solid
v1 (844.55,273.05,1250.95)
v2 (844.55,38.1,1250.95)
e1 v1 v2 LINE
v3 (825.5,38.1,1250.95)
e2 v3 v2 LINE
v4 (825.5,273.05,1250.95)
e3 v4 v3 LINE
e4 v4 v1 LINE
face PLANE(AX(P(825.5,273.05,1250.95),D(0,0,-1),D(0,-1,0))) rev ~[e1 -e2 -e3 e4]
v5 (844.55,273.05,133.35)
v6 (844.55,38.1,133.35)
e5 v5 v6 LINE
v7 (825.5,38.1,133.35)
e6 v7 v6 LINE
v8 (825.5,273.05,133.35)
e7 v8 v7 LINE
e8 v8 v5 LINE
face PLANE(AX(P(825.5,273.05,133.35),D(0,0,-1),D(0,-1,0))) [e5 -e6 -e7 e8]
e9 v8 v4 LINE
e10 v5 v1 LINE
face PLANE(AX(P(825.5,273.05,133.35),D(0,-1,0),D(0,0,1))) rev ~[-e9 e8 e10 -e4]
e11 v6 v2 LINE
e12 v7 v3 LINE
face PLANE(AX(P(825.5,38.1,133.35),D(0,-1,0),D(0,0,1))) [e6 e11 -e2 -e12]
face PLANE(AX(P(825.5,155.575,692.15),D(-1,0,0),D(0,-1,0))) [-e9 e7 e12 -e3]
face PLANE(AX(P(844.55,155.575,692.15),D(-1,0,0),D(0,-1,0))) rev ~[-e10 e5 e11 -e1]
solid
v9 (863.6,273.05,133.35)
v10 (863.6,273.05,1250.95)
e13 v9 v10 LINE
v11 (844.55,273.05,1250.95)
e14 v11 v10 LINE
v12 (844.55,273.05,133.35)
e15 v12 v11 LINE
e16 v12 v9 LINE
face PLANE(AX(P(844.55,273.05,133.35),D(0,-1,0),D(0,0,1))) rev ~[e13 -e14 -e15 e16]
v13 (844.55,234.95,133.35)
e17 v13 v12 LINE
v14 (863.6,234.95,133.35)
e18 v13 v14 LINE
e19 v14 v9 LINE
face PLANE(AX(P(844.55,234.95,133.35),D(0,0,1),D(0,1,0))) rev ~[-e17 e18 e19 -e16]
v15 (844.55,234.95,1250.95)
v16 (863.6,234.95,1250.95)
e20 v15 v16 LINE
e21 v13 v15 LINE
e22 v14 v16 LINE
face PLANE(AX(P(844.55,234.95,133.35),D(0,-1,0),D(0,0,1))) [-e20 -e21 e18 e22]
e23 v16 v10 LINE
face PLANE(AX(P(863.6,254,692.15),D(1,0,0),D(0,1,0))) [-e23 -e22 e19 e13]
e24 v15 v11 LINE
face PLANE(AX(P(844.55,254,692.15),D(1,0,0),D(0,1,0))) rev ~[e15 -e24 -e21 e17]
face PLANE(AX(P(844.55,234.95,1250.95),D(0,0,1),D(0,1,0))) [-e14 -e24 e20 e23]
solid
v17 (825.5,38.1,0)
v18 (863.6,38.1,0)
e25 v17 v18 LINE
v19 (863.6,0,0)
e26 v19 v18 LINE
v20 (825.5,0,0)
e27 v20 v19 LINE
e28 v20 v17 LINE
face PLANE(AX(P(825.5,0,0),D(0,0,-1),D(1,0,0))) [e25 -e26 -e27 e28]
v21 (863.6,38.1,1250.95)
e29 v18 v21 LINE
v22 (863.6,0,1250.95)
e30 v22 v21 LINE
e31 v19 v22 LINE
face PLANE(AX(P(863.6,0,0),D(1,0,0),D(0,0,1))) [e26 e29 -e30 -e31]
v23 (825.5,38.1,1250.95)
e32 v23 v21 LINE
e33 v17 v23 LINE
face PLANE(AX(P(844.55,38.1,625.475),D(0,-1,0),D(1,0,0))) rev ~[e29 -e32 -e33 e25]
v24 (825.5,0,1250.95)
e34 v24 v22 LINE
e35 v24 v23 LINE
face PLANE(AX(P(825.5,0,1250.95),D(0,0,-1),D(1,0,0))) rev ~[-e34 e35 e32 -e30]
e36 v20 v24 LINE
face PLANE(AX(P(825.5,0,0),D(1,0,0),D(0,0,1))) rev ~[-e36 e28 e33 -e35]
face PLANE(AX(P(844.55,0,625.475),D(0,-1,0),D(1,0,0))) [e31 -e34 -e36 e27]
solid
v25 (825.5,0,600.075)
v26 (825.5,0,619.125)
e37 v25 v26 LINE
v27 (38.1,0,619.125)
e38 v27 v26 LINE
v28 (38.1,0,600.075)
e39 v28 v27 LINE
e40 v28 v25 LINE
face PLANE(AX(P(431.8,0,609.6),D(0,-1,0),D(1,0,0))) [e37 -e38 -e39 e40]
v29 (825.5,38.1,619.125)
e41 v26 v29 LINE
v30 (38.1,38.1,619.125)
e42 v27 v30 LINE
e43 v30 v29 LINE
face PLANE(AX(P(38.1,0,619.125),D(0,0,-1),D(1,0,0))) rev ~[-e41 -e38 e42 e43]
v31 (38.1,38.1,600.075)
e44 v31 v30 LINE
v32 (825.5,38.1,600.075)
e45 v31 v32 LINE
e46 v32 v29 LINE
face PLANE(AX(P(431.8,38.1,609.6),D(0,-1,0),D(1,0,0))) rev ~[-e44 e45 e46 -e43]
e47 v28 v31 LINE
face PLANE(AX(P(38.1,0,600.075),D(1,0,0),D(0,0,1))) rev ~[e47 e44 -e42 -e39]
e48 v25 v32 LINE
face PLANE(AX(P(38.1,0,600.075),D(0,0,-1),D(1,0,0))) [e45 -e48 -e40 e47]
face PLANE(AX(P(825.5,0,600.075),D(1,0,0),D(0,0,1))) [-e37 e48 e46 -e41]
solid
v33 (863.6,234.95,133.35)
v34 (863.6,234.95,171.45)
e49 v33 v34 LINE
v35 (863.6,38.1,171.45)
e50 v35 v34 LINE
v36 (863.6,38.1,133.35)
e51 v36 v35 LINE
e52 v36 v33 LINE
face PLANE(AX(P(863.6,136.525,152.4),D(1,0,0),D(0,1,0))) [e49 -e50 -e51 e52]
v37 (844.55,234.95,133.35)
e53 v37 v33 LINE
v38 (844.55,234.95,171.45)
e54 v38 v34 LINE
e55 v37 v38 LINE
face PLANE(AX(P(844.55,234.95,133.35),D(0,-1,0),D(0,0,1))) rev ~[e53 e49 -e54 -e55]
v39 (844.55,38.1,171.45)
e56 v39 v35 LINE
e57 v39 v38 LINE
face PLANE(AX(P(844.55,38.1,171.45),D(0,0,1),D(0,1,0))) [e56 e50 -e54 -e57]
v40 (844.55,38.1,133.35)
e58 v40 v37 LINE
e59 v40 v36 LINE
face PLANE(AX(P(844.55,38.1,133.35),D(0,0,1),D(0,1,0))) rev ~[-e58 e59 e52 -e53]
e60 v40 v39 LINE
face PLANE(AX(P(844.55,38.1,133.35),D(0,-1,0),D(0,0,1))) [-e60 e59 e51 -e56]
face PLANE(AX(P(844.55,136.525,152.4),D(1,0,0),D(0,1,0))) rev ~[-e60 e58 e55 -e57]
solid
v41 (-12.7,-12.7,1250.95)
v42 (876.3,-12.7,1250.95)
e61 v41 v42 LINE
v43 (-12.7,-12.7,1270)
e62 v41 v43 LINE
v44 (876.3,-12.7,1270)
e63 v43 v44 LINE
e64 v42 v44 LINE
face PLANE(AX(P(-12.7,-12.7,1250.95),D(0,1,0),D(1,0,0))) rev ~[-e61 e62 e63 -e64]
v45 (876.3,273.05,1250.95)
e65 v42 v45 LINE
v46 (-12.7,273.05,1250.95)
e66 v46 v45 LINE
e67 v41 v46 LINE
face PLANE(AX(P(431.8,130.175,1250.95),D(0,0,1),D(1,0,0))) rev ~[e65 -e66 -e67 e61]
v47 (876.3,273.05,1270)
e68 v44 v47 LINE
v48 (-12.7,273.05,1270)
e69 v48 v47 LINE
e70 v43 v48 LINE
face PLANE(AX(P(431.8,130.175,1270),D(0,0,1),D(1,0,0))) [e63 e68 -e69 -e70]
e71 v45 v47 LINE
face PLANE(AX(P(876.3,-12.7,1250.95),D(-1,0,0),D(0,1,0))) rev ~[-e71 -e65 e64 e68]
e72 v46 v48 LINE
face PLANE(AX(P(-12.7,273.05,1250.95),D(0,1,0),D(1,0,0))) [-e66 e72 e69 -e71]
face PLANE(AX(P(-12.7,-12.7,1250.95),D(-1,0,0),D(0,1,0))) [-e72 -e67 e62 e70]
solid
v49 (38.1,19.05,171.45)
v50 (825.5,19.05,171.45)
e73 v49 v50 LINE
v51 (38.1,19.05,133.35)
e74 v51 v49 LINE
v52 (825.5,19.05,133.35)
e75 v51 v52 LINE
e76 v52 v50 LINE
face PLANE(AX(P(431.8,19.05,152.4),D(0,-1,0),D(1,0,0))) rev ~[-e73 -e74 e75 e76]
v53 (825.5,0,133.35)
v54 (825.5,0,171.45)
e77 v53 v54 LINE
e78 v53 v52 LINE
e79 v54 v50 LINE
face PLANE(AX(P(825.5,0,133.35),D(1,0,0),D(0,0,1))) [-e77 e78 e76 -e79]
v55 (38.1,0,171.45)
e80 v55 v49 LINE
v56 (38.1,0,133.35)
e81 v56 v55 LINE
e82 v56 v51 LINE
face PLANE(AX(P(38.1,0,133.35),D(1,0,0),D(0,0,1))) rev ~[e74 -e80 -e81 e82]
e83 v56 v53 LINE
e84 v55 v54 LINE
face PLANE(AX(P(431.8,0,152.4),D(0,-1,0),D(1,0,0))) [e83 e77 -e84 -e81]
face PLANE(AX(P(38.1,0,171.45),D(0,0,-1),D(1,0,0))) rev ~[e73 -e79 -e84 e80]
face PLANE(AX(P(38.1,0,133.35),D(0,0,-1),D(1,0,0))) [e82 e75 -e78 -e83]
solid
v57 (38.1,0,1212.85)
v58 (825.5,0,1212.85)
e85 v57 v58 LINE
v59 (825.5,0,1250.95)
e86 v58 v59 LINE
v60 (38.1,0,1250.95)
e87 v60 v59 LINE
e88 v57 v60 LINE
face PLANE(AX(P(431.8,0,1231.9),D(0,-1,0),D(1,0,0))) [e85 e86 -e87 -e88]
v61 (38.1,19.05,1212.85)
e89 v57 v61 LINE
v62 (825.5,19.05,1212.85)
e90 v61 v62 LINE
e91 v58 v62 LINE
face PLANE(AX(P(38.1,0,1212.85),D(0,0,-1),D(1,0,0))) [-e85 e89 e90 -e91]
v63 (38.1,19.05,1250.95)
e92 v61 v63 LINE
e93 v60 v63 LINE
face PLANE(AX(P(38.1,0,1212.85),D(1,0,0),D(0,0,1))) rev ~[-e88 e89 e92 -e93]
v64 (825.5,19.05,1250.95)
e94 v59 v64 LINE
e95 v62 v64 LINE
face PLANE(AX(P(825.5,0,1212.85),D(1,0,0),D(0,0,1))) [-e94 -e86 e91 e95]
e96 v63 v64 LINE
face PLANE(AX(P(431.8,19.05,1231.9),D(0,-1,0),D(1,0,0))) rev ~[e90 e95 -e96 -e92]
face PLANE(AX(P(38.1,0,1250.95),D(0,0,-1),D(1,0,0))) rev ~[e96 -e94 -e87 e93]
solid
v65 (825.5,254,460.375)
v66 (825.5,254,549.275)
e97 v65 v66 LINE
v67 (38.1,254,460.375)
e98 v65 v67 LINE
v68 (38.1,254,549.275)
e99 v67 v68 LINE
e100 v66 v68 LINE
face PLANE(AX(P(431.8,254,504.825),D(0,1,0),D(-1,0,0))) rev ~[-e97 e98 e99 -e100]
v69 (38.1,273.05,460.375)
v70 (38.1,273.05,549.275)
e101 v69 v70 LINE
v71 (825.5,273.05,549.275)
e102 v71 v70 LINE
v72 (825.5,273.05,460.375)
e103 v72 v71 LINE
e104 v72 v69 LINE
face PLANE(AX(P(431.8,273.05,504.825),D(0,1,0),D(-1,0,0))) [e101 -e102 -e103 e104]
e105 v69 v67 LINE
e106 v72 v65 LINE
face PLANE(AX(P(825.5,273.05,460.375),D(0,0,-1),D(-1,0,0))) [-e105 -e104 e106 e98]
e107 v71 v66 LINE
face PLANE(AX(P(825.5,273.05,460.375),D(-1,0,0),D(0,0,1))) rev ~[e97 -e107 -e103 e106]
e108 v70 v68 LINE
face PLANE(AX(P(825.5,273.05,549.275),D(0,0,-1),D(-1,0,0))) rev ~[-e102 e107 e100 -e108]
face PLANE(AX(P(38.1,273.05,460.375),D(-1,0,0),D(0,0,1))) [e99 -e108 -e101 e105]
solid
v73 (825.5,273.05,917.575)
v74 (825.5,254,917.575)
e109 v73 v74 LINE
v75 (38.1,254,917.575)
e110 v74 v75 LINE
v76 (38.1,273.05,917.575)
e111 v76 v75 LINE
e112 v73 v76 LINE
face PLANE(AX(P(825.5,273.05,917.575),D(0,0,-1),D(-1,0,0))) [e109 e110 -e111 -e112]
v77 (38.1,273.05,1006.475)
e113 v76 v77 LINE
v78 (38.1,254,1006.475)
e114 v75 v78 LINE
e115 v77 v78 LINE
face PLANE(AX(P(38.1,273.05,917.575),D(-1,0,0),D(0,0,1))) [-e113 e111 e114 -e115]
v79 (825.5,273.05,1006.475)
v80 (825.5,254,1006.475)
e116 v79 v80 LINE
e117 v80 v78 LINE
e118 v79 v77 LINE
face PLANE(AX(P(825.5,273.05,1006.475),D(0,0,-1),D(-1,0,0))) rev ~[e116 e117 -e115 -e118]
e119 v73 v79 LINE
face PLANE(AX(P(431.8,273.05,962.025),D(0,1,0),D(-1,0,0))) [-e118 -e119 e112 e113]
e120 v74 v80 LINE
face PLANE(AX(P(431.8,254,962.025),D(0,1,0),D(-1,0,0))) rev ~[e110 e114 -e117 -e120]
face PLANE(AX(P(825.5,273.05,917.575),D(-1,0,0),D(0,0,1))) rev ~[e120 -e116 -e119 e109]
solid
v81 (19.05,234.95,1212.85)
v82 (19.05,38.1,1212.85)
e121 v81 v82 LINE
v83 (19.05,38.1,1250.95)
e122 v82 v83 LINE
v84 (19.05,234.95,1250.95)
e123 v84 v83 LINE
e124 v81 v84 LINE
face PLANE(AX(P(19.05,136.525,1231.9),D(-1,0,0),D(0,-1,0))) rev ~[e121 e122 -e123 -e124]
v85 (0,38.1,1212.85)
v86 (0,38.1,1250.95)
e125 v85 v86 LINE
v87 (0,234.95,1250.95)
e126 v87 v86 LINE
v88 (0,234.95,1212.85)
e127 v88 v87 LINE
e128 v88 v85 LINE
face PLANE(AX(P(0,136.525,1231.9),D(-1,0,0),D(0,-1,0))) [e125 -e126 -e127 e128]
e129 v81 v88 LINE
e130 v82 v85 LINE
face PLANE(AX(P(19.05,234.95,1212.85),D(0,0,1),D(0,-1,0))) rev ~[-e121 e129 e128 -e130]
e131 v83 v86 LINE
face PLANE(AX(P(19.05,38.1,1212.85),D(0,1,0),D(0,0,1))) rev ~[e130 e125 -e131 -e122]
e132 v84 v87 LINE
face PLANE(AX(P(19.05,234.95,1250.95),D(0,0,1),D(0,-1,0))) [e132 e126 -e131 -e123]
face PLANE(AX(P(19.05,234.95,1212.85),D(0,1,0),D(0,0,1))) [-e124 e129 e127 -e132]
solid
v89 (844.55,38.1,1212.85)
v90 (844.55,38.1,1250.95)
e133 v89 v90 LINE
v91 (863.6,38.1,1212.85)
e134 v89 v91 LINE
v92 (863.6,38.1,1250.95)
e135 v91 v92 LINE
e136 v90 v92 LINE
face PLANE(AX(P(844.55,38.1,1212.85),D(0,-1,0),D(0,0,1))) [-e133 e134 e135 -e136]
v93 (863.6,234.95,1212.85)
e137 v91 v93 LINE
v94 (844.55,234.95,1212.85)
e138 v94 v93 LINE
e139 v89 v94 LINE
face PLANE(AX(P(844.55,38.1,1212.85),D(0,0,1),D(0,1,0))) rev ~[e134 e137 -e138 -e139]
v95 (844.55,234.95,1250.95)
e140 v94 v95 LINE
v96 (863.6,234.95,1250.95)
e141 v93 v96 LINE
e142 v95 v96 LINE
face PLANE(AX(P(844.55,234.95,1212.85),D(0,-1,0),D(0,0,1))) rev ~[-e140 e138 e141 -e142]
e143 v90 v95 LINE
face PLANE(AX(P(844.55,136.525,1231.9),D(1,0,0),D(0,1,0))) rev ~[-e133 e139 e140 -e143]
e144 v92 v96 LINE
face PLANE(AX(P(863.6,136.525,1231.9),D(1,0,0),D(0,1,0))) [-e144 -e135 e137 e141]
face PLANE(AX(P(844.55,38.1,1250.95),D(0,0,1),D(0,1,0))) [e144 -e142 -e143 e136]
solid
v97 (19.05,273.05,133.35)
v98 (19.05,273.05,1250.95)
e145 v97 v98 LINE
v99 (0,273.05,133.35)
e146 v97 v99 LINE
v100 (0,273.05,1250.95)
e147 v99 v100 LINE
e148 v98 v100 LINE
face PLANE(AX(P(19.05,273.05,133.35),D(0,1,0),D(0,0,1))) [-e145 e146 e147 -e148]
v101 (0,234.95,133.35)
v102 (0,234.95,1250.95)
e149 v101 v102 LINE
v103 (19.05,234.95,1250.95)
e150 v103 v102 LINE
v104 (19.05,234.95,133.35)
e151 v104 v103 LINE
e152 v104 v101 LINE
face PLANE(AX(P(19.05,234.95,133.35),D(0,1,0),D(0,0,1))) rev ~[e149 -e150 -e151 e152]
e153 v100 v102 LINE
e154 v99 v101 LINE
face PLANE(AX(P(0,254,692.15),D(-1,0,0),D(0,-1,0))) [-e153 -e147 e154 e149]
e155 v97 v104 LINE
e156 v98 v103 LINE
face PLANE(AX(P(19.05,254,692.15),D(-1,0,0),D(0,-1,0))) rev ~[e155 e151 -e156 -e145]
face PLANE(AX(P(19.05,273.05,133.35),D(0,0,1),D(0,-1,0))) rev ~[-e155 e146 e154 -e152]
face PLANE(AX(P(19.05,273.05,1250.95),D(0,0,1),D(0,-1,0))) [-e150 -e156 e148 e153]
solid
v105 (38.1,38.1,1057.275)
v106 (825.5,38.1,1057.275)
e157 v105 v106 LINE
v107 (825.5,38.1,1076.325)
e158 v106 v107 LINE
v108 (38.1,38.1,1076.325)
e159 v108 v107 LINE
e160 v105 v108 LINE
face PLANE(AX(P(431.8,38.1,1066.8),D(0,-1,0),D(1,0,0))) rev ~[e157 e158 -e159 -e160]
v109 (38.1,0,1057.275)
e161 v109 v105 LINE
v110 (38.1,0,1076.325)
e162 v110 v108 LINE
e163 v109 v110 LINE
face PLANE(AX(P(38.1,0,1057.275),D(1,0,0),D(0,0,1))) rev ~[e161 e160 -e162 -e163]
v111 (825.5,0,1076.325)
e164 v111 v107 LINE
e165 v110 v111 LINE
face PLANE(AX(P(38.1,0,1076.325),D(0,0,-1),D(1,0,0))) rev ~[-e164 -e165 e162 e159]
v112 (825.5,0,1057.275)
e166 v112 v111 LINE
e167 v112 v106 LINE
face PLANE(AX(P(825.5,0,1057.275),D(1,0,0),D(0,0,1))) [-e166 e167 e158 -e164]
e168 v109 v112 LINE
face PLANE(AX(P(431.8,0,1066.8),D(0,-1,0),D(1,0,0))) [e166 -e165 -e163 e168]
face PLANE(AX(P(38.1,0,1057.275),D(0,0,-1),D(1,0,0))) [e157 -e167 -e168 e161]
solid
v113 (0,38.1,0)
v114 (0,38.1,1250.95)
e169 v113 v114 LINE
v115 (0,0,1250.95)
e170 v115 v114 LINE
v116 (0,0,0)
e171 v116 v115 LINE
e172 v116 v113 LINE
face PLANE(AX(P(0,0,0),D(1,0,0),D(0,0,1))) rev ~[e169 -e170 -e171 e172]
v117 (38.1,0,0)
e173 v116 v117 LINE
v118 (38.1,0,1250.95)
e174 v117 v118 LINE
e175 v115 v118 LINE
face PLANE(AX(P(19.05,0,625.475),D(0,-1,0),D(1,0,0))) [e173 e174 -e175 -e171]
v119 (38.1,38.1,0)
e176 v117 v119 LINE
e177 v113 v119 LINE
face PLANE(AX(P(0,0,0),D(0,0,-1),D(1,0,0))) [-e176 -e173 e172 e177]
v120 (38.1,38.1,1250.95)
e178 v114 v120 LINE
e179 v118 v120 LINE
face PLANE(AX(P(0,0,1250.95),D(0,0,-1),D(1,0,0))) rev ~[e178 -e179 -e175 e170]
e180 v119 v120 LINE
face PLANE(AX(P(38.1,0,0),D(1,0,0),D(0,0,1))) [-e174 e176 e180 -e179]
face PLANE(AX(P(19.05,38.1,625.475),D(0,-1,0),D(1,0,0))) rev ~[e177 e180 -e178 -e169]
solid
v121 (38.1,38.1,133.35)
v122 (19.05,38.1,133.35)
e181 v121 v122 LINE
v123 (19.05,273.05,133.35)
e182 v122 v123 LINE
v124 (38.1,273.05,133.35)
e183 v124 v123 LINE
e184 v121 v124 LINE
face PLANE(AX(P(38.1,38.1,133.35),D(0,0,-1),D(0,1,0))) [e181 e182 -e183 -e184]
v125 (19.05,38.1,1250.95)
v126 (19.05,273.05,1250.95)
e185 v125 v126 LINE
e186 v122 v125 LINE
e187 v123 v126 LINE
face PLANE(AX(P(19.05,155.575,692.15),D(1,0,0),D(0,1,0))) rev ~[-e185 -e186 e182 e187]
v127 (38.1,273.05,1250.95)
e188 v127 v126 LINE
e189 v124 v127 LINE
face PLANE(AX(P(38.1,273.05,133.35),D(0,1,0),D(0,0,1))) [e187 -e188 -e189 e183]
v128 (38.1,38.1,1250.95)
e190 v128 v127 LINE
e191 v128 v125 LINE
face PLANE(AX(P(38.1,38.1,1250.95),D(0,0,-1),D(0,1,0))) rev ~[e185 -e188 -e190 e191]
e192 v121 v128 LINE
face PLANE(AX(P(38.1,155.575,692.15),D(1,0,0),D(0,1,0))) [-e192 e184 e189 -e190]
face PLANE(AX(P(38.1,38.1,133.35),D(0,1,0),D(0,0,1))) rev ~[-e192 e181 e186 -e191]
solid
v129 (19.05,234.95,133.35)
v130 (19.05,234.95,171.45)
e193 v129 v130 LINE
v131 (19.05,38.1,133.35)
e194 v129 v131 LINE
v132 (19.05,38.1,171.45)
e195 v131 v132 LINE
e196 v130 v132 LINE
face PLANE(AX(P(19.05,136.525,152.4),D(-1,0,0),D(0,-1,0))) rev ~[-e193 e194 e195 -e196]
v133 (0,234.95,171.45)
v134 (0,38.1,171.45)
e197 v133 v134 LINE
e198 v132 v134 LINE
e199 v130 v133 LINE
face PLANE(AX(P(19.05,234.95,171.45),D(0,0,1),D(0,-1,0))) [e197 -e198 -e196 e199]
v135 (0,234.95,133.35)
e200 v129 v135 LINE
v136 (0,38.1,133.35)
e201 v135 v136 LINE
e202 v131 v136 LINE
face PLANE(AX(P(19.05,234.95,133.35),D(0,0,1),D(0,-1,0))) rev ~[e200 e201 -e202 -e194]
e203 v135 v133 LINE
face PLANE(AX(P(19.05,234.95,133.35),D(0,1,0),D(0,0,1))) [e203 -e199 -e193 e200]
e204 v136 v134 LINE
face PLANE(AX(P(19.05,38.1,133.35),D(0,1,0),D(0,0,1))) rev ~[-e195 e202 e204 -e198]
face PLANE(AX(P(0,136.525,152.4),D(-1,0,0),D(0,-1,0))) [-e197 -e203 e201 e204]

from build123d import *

# Parameters (mm, degrees)
F0_W      = 38.1
F0_H      = 1250.95
F1_DEPTH  = 38.1
F2_W      = 234.95
F2_H      = 1117.6
F3_DEPTH  = 19.05
F4_W      = 38.1
F4_H      = 1117.6
F5_DEPTH  = 19.05
F6_W      = 196.85
F6_H      = 38.1
F7_DEPTH  = 19.05
F8_W      = 196.85
F8_H      = 38.1
F9_DEPTH  = 19.05
F10_W     = 38.1
F10_H     = 1250.95
F11_DEPTH = 38.1
F12_W     = 234.95
F12_H     = 1117.6
F13_DEPTH = 19.05
F14_W     = 38.1
F14_H     = 1117.6
F15_DEPTH = 19.05
F16_W     = 196.85
F16_H     = 38.1
F17_DEPTH = 19.05
F18_W     = 196.85
F18_H     = 38.1
F19_DEPTH = 19.05
F20_W     = 787.4
F20_H     = 38.1
F21_DEPTH = 19.05
F22_W     = 787.4
F22_H     = 38.1
F23_DEPTH = 19.05
F24_W     = 787.4
F24_H     = 19.05
F25_DEPTH = 38.1
F26_W     = 787.4
F26_H     = 19.05
F27_DEPTH = 38.1
F28_W     = 787.4
F28_H     = 88.9
F29_DEPTH = 19.05
F30_W     = 787.4
F30_H     = 88.9
F31_DEPTH = 19.05
F32_W     = 889
F32_H     = 285.75
F32_W_2   = 38.1
F32_H_2   = 38.1
F33_DEPTH = 19.05


with BuildPart() as f1:
    # F0 (on Front) → F1 (new body)
    with BuildSketch(Plane.XZ):
        with Locations((19.05, 625.475)):
            Rectangle(F0_W, F0_H)
    extrude(amount=-F1_DEPTH)


with BuildPart() as f3:
    # F2 (on face) → F3 (new body)
    with BuildSketch(Plane.YZ.offset(38.1)):
        with Locations((155.575, 692.15)):
            Rectangle(F2_W, F2_H)
    extrude(amount=-F3_DEPTH)


with BuildPart() as f5:
    # F4 (on face) → F5 (new body)
    with BuildSketch(Plane(origin=(19.05, 0, 0), x_dir=(0, -1, 0), z_dir=(-1, 0, 0))):
        with Locations((-254, 692.15)):
            Rectangle(F4_W, F4_H)
    extrude(amount=F5_DEPTH)


with BuildPart() as f7:
    # F6 (on face) → F7 (new body)
    with BuildSketch(Plane(origin=(19.05, 0, 0), x_dir=(0, -1, 0), z_dir=(-1, 0, 0))):
        with Locations((-136.525, 1231.9)):
            Rectangle(F6_W, F6_H)
    extrude(amount=F7_DEPTH)


with BuildPart() as f9:
    # F8 (on face) → F9 (new body)
    with BuildSketch(Plane(origin=(19.05, 0, 0), x_dir=(0, -1, 0), z_dir=(-1, 0, 0))):
        with Locations((-136.525, 152.4)):
            Rectangle(F8_W, F8_H)
    extrude(amount=F9_DEPTH)


with BuildPart() as f11:
    # F10 (on Front) → F11 (new body)
    with BuildSketch(Plane.XZ):
        with Locations((844.55, 625.475)):
            Rectangle(F10_W, F10_H)
    extrude(amount=-F11_DEPTH)


with BuildPart() as f13:
    # F12 (on face) → F13 (new body)
    with BuildSketch(Plane(origin=(825.5, 0, 0), x_dir=(0, -1, 0), z_dir=(-1, 0, 0))):
        with Locations((-155.575, 692.15)):
            Rectangle(F12_W, F12_H)
    extrude(amount=-F13_DEPTH)


with BuildPart() as f15:
    # F14 (on face) → F15 (new body)
    with BuildSketch(Plane.YZ.offset(844.55)):
        with Locations((254, 692.15)):
            Rectangle(F14_W, F14_H)
    extrude(amount=F15_DEPTH)


with BuildPart() as f17:
    # F16 (on face) → F17 (new body)
    with BuildSketch(Plane.YZ.offset(844.55)):
        with Locations((136.525, 1231.9)):
            Rectangle(F16_W, F16_H)
    extrude(amount=F17_DEPTH)


with BuildPart() as f19:
    # F18 (on face) → F19 (new body)
    with BuildSketch(Plane.YZ.offset(844.55)):
        with Locations((136.525, 152.4)):
            Rectangle(F18_W, F18_H)
    extrude(amount=F19_DEPTH)


with BuildPart() as f21:
    # F20 (on face) → F21 (new body)
    with BuildSketch(Plane.XZ):
        with Locations((431.8, 1231.9)):
            Rectangle(F20_W, F20_H)
    extrude(amount=-F21_DEPTH)


with BuildPart() as f23:
    # F22 (on face) → F23 (new body)
    with BuildSketch(Plane.XZ):
        with Locations((431.8, 152.4)):
            Rectangle(F22_W, F22_H)
    extrude(amount=-F23_DEPTH)


with BuildPart() as f25:
    # F24 (on face) → F25 (new body)
    with BuildSketch(Plane.XZ):
        with Locations((431.8, 609.6)):
            Rectangle(F24_W, F24_H)
    extrude(amount=-F25_DEPTH)


with BuildPart() as f27:
    # F26 (on face) → F27 (new body)
    with BuildSketch(Plane.XZ):
        with Locations((431.8, 1066.8)):
            Rectangle(F26_W, F26_H)
    extrude(amount=-F27_DEPTH)


with BuildPart() as f29:
    # F28 (on face) → F29 (new body)
    with BuildSketch(Plane(origin=(0, 273.05, 0), x_dir=(-1, 0, 0), z_dir=(0, 1, 0))):
        with Locations((-431.8, 962.025)):
            Rectangle(F28_W, F28_H)
    extrude(amount=-F29_DEPTH)


with BuildPart() as f31:
    # F30 (on face) → F31 (new body)
    with BuildSketch(Plane(origin=(0, 273.05, 0), x_dir=(-1, 0, 0), z_dir=(0, 1, 0))):
        with Locations((-431.8, 504.825)):
            Rectangle(F30_W, F30_H)
    extrude(amount=-F31_DEPTH)


with BuildPart() as f33:
    # F32 (on face) → F33 (new body)
    with BuildSketch(Plane.XY.offset(1250.95)):
        with Locations((431.8, 130.175)):
            Rectangle(F32_W, F32_H)
        with Locations((19.05, 19.05)):
            Rectangle(F32_W_2, F32_H_2, mode=Mode.SUBTRACT)
        with Locations((19.05, 19.05)):
            Rectangle(F32_W_2, F32_H_2)
    extrude(amount=F33_DEPTH)


solid = Compound([f1.part, f3.part, f5.part, f7.part, f9.part, f11.part, f13.part, f15.part, f17.part, f19.part, f21.part, f23.part, f25.part, f27.part, f29.part, f31.part, f33.part])
